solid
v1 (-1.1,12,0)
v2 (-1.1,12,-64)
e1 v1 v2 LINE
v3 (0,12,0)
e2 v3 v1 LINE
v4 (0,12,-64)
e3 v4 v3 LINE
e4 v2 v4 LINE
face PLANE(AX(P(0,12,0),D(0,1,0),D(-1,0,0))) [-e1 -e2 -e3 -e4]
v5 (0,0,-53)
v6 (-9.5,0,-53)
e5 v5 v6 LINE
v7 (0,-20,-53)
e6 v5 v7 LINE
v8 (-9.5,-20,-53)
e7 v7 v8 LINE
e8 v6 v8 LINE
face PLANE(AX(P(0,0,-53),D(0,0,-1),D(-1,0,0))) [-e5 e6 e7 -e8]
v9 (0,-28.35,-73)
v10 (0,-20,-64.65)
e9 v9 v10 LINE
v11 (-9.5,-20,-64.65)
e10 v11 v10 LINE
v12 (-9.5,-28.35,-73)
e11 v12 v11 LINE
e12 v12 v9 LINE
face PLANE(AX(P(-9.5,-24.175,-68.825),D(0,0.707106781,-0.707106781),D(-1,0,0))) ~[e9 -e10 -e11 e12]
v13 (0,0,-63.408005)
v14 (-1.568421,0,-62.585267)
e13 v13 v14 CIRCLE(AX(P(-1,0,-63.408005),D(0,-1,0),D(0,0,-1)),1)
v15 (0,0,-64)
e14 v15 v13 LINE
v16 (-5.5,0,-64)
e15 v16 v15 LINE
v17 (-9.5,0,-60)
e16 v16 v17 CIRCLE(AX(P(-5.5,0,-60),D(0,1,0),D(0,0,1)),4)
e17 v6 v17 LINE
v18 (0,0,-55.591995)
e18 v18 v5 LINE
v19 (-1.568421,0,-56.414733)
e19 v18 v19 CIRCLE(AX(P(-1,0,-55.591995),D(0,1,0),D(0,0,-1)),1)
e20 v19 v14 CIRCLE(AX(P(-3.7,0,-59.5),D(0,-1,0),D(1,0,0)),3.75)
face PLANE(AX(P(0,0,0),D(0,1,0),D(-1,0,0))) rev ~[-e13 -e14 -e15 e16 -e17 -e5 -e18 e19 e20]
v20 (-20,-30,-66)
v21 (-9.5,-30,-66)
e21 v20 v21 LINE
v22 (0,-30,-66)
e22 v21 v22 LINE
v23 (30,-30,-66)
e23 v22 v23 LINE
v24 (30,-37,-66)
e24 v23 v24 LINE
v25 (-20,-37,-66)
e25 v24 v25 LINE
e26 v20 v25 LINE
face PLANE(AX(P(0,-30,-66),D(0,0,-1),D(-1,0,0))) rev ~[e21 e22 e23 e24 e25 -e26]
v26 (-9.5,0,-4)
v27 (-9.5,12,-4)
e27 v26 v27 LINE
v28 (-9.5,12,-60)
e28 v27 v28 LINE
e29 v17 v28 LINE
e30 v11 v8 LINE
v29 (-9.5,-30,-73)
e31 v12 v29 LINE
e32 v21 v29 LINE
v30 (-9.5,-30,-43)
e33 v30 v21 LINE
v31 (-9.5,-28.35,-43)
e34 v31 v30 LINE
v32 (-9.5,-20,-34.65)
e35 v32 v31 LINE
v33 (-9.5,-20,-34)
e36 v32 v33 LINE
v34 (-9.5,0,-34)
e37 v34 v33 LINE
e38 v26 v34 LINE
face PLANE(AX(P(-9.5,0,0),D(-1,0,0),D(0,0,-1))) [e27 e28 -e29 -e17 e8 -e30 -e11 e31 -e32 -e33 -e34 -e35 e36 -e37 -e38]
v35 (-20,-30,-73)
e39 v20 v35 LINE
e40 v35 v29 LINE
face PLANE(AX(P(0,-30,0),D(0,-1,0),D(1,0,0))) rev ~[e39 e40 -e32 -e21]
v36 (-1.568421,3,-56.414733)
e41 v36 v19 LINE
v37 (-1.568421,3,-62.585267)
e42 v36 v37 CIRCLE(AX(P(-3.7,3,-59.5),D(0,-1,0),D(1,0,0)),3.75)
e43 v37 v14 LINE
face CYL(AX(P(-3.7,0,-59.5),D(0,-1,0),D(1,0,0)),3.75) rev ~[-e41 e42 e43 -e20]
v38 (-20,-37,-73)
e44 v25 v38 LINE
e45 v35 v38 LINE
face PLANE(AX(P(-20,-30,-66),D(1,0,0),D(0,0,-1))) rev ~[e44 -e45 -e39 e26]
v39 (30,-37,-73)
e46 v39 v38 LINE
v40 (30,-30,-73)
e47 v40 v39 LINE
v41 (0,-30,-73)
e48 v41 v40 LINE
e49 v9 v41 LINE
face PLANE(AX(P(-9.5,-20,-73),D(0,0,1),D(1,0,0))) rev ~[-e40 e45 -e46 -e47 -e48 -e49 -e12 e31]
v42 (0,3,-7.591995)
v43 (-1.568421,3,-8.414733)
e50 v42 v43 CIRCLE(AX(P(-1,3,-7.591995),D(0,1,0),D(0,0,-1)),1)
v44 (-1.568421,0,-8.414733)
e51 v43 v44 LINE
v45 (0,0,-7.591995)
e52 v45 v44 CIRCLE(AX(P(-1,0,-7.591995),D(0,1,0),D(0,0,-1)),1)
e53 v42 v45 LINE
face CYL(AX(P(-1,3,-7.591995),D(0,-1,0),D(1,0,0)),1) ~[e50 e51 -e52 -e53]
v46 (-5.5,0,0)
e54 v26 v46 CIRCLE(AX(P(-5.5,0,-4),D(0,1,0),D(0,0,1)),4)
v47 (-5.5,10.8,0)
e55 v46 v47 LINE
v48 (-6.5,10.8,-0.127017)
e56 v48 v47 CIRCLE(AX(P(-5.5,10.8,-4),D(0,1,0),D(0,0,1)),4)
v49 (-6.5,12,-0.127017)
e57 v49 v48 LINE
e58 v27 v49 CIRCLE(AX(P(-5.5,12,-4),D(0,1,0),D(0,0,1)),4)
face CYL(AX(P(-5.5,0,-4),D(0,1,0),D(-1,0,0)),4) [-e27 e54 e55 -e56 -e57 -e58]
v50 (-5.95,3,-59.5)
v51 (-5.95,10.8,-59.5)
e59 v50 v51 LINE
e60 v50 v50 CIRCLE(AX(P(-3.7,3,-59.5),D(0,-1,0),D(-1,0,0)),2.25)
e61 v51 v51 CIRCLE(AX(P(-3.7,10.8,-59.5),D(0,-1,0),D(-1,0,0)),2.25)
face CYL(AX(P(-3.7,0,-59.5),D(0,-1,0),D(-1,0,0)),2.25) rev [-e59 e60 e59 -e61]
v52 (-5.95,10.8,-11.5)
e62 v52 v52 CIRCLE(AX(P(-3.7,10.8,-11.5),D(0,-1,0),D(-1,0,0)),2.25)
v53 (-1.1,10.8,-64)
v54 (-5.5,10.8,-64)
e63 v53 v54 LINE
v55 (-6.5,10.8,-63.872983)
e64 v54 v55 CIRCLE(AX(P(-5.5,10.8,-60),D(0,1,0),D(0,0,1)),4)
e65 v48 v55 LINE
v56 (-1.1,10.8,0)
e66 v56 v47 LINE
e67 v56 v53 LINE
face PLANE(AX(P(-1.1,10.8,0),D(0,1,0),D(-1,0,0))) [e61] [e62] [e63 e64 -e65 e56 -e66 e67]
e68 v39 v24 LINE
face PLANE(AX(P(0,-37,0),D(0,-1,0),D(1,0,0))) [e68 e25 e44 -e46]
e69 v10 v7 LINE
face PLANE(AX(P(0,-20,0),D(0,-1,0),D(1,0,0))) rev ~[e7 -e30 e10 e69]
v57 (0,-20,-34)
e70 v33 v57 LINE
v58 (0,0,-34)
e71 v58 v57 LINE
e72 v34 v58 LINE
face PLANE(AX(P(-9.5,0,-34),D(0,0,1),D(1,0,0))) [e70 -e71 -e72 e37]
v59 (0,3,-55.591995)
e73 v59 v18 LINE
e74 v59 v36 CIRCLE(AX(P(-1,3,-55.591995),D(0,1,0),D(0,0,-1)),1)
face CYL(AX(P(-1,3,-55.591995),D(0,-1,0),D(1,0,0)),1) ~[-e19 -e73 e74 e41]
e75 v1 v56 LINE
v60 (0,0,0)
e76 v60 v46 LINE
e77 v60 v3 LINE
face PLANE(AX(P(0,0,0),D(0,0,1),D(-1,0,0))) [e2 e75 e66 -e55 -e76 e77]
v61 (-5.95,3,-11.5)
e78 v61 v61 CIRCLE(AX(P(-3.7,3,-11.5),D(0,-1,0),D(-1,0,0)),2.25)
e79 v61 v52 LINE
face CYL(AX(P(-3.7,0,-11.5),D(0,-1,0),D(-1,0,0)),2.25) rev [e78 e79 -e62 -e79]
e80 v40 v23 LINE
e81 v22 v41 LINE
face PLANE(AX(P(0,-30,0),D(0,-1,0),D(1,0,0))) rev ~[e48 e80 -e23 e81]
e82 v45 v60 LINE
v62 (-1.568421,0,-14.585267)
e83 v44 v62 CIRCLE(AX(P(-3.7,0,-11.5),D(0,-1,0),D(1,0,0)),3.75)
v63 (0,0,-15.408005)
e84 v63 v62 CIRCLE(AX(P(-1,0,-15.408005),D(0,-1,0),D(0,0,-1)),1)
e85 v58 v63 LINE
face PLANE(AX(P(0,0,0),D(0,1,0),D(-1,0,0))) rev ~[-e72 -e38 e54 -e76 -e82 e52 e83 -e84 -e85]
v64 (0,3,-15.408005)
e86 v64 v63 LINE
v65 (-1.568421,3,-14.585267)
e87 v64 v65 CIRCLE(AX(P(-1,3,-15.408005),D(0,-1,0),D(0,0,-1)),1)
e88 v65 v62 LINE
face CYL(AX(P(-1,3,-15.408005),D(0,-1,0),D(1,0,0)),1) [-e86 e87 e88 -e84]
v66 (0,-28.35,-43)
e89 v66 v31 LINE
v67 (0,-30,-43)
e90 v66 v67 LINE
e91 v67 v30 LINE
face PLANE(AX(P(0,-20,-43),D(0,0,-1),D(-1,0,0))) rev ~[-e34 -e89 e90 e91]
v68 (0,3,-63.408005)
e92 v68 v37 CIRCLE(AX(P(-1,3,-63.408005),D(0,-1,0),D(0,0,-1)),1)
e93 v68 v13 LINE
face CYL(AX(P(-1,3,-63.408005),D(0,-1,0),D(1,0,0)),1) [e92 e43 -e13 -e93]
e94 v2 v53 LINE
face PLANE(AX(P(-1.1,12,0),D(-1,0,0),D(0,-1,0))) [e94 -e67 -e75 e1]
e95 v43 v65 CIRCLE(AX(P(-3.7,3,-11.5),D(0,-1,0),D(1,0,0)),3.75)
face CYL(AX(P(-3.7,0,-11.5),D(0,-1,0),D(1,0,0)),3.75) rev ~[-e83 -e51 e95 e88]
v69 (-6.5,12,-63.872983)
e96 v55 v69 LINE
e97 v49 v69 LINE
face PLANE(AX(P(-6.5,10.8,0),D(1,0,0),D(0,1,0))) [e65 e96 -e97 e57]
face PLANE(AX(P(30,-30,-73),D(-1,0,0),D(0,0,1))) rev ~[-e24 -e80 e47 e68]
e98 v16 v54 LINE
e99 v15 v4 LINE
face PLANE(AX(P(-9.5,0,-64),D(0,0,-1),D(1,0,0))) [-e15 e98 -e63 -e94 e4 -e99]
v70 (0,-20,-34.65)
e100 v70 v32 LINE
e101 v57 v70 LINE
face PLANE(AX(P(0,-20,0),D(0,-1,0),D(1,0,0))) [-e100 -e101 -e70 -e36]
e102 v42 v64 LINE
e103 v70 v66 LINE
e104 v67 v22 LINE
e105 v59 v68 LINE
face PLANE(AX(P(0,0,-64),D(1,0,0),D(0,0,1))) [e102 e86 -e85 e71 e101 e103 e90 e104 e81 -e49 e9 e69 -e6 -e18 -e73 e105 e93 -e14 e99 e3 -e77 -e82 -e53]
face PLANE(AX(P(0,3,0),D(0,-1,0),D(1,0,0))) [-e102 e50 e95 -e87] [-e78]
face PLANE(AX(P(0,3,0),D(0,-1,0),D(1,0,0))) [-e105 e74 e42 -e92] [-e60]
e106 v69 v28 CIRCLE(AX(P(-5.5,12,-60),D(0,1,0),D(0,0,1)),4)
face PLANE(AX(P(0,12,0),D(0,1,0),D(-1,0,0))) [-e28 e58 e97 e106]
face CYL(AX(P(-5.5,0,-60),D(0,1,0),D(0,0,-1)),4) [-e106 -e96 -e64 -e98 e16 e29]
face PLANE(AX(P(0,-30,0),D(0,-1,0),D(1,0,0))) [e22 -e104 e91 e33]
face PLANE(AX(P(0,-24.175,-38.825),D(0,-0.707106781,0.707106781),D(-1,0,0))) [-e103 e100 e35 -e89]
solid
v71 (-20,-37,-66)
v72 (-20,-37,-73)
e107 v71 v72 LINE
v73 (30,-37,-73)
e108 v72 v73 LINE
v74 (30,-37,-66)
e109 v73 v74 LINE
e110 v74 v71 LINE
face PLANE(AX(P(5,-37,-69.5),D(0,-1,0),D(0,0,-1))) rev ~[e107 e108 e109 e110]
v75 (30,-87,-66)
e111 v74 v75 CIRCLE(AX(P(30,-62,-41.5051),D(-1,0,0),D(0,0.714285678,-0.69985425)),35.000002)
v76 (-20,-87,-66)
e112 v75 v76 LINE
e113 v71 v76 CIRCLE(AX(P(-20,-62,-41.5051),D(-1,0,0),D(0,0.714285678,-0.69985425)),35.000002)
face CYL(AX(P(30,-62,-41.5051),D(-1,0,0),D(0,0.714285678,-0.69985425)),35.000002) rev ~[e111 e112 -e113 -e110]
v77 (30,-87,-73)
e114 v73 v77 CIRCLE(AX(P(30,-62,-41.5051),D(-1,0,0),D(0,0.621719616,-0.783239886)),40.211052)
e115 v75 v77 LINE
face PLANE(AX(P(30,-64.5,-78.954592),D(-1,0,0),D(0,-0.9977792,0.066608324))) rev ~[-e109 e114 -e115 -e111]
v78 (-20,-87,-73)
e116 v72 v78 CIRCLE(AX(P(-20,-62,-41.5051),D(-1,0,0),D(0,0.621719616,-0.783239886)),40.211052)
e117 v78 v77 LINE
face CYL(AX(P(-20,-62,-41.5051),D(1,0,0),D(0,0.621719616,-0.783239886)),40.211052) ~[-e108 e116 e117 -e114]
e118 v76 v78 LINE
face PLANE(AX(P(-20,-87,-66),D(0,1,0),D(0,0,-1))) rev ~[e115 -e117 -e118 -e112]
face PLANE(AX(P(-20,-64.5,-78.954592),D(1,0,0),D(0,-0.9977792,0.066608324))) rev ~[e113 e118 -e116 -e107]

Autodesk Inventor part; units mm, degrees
ref_plane "YZ Plane" through (0, 0, 0) normal (1, 0, 0) x (0, 1, 0)
ref_plane "XZ Plane" through (0, 0, 0) normal (0, 1, 0) x (-1, 0, 0)
ref_plane "XY Plane" through (0, 0, 0) normal (0, 0, 1) x (1, 0, 0)
sketch "Sketch1" plane through (0, 0, 0) normal (0, 1, 0) x (-1, 0, 0)
  line L0 (0, 0) -> (9.5, 0)
  line L1 (9.5, 0) -> (9.5, -64)
  line L2 (9.5, -64) -> (0, -64)
  line L3 (0, -64) -> (0, 0)
  circle A0 centre (3.7, -11.5) radius 2.25
  circle A1 centre (3.7, -59.5) radius 2.25
  line L4 (3.7, -11.5) -> (3.7, -59.5) construction
  dimension "d1" = 9.5
  dimension "d2" = 64
  dimension "d3" = 4.5
  dimension "d4" = 48
  dimension "d6" = 3.7
  dimension "d17" = 4.5
extrude "Extrusion1" add sketch "Sketch1" along normal blind 12
sketch "Sketch2" plane through (-9.5, 0, 0) normal (0, 0, 1) x (1, 0, 0)
  line L0 (9.5, 12) -> (0, 12) projected
  line L1 (3, 12) -> (8.4, 12)
  line L2 (8.4, 12) -> (8.4, 10.8)
  line L3 (8.4, 10.8) -> (3, 10.8)
  line L4 (3, 10.8) -> (3, 12)
  line L5 (9.5, 0) -> (9.5, 12) projected
  line L6 (3.55, 0) -> (8.05, 0) projected
  line L7 (3.55, 12) -> (8.05, 12) projected
  line L8 (9.5, 0) -> (9.5, 12) projected
  line L9 (9.5, 0) -> (9.5, 12) projected
  line L10 (3.55, 12) -> (8.05, 12) projected
  line L11 (3.55, 12) -> (3.55, 0) projected
  line L12 (3.55, 12) -> (8.05, 12) projected
  line L13 (3.55, 0) -> (8.05, 0) projected
  line L14 (3.55, 12) -> (8.05, 12) projected
  line L15 (3.55, 0) -> (8.05, 0) projected
  line L16 (3.55, 12) -> (8.05, 12) projected
  line L17 (3.55, 0) -> (8.05, 0) projected
  dimension "d9" = 1.1
  dimension "d10" = 5.4
  dimension "d11" = 1.2
  dimension "d76" = 12
extrude "Extrusion2" cut sketch "Sketch2" against normal up to next
sketch "Sketch3" plane through (0, 0, 0) normal (0, -1, 0) x (1, 0, 0)
  circle A0 centre (-3.7, -11.5) radius 2.25 projected
  circle A1 centre (-3.7, -11.5) radius 3.75
  circle A2 centre (-3.7, -59.5) radius 2.25 projected
  circle A3 centre (-3.7, -59.5) radius 3.75
  point P0 (0, 0)
  dimension "d14" = 7.5
extrude "Extrusion3" cut sketch "Sketch3" against normal blind 3
fillet "Fillet1" radius 1 4 edges at (0, 1.5, -58.8897) (0, 1.5, -60.1103) (0, 1.5, -10.8897) (0, 1.5, -12.1103)
fillet "Fillet2" radius 4 2 edges at (-9.5, 6, -64) (-9.5, 6, 0)
sketch "Sketch28" plane through (0, 0, 0) normal (0, -1, 0) x (1, 0, 0)
  arc A0 (-1.5684, -56.4147) -> (0, -55.592) centre (-1, -55.592) ccw projected
  line L0 (0, -55.592) -> (0, -53)
  line L1 (0, -15.408) -> (0, -55.592) projected
  line L2 (-9.5, -60) -> (-9.5, -4) projected
  line L3 (0, -53) -> (-9.5, -53)
  line L4 (-9.5, -53) -> (-9.5, -34)
  line L5 (-9.5, -34) -> (0, -34)
  line L6 (0, -34) -> (0, -53)
  point P0 (0, 0)
  point P1 (0, -34)
  dimension "d107" = 2.592
  dimension "d108" = 19
extrude "Extrusion19" add sketch "Sketch28" along normal blind 20
sketch "Sketch40" plane through (0, -20, 0) normal (0, -1, 0) x (1, 0, 0)
  line L0 (0, -53) -> (-9.5, -53) projected
  line L1 (-9.5, -53) -> (-9.5, -73)
  line L2 (-9.5, -73) -> (0, -73)
  line L3 (0, -73) -> (0, -43)
  line L4 (0, 0) -> (0, -64) projected
  line L5 (0, -43) -> (-9.5, -43)
  line L6 (-9.5, -43) -> (-9.5, -53)
  line L7 (-9.5, -43) -> (0, -43)
  line L8 (0, -43) -> (0, -73)
  line L9 (0, -73) -> (-9.5, -73)
  line L10 (-9.5, -73) -> (-9.5, -43)
  dimension "d130" = 20
  dimension "d131" = 30
extrude "Extrusion21" add sketch "Sketch40" along normal blind 10
sketch "Sketch41" plane through (0, 0, -53) normal (0, 0, -1) x (-1, 0, 0)
  point P0 (0, 0)
sketch "Sketch42" plane through (0, -30, 0) normal (0, -1, 0) x (1, 0, 0)
  line L0 (0, -73) -> (0, -53) projected
  line L1 (0, -73) -> (30, -73)
  line L2 (30, -73) -> (30, -66)
  line L3 (30, -66) -> (-20, -66)
  line L4 (-20, -66) -> (-20, -73)
  line L5 (-20, -73) -> (0, -73)
  point P0 (0, 0)
  dimension "d134" = 30
  dimension "d135" = 7
  dimension "d137" = 50
extrude "Extrusion22" add sketch "Sketch42" along normal blind 7
sketch "Sketch50" plane through (-20, -30, -73) normal (-1, 0, 0) x (0, 0, 1)
  arc A0 (7, -7) -> (7, -57) centre (31.4949, -32) ccw
  point P0 (73, 30)
  dimension "d147" = 50
  dimension "d148" = 35
sketch "Sketch51" plane through (0, -37, 0) normal (0, -1, 0) x (1, 0, 0)
  line L0 (-20, -73) -> (30, -73) projected
  line L1 (30, -66) -> (-20, -66) projected
  line L2 (-20, -73) -> (30, -73)
  line L3 (30, -73) -> (30, -66)
  line L4 (30, -66) -> (-20, -66)
  line L5 (-20, -66) -> (-20, -73)
  point P0 (0, 0)
sweep "Sweep4" add profiles "Sketch51" path "Sketch50" separate body
sketch "Sketch57" plane through (-20, -37, -73) normal (-1, 0, 0) x (0, 0, 1)
  arc A0 (7, 0) -> (7, -50) centre (31.4949, -25) ccw projected
  line L0 (7, -50) -> (-5.0576, -50)
  line L1 (-5.0576, -50) -> (-5.0576, -59.7183)
  line L2 (-5.0576, -50) -> (16.6451, -50)
  line L3 (16.6451, -50) -> (16.6451, -65.0945)
  line L4 (16.6451, -65.0945) -> (-5.0576, -65.0945)
  line L5 (-5.0576, -65.0945) -> (-5.0576, -50)
  point P0 (73, 37)
extrude "Extrusion24" cut sketch "Sketch57" against normal blind 97.95 bodies 2
chamfer "Chamfer4" distance 8.35 angle 45 1 edges at (-4.75, -20, -43)
chamfer "Chamfer5" distance 8.35 angle 45 1 edges at (-4.75, -20, -73)
properties part number "Back"
